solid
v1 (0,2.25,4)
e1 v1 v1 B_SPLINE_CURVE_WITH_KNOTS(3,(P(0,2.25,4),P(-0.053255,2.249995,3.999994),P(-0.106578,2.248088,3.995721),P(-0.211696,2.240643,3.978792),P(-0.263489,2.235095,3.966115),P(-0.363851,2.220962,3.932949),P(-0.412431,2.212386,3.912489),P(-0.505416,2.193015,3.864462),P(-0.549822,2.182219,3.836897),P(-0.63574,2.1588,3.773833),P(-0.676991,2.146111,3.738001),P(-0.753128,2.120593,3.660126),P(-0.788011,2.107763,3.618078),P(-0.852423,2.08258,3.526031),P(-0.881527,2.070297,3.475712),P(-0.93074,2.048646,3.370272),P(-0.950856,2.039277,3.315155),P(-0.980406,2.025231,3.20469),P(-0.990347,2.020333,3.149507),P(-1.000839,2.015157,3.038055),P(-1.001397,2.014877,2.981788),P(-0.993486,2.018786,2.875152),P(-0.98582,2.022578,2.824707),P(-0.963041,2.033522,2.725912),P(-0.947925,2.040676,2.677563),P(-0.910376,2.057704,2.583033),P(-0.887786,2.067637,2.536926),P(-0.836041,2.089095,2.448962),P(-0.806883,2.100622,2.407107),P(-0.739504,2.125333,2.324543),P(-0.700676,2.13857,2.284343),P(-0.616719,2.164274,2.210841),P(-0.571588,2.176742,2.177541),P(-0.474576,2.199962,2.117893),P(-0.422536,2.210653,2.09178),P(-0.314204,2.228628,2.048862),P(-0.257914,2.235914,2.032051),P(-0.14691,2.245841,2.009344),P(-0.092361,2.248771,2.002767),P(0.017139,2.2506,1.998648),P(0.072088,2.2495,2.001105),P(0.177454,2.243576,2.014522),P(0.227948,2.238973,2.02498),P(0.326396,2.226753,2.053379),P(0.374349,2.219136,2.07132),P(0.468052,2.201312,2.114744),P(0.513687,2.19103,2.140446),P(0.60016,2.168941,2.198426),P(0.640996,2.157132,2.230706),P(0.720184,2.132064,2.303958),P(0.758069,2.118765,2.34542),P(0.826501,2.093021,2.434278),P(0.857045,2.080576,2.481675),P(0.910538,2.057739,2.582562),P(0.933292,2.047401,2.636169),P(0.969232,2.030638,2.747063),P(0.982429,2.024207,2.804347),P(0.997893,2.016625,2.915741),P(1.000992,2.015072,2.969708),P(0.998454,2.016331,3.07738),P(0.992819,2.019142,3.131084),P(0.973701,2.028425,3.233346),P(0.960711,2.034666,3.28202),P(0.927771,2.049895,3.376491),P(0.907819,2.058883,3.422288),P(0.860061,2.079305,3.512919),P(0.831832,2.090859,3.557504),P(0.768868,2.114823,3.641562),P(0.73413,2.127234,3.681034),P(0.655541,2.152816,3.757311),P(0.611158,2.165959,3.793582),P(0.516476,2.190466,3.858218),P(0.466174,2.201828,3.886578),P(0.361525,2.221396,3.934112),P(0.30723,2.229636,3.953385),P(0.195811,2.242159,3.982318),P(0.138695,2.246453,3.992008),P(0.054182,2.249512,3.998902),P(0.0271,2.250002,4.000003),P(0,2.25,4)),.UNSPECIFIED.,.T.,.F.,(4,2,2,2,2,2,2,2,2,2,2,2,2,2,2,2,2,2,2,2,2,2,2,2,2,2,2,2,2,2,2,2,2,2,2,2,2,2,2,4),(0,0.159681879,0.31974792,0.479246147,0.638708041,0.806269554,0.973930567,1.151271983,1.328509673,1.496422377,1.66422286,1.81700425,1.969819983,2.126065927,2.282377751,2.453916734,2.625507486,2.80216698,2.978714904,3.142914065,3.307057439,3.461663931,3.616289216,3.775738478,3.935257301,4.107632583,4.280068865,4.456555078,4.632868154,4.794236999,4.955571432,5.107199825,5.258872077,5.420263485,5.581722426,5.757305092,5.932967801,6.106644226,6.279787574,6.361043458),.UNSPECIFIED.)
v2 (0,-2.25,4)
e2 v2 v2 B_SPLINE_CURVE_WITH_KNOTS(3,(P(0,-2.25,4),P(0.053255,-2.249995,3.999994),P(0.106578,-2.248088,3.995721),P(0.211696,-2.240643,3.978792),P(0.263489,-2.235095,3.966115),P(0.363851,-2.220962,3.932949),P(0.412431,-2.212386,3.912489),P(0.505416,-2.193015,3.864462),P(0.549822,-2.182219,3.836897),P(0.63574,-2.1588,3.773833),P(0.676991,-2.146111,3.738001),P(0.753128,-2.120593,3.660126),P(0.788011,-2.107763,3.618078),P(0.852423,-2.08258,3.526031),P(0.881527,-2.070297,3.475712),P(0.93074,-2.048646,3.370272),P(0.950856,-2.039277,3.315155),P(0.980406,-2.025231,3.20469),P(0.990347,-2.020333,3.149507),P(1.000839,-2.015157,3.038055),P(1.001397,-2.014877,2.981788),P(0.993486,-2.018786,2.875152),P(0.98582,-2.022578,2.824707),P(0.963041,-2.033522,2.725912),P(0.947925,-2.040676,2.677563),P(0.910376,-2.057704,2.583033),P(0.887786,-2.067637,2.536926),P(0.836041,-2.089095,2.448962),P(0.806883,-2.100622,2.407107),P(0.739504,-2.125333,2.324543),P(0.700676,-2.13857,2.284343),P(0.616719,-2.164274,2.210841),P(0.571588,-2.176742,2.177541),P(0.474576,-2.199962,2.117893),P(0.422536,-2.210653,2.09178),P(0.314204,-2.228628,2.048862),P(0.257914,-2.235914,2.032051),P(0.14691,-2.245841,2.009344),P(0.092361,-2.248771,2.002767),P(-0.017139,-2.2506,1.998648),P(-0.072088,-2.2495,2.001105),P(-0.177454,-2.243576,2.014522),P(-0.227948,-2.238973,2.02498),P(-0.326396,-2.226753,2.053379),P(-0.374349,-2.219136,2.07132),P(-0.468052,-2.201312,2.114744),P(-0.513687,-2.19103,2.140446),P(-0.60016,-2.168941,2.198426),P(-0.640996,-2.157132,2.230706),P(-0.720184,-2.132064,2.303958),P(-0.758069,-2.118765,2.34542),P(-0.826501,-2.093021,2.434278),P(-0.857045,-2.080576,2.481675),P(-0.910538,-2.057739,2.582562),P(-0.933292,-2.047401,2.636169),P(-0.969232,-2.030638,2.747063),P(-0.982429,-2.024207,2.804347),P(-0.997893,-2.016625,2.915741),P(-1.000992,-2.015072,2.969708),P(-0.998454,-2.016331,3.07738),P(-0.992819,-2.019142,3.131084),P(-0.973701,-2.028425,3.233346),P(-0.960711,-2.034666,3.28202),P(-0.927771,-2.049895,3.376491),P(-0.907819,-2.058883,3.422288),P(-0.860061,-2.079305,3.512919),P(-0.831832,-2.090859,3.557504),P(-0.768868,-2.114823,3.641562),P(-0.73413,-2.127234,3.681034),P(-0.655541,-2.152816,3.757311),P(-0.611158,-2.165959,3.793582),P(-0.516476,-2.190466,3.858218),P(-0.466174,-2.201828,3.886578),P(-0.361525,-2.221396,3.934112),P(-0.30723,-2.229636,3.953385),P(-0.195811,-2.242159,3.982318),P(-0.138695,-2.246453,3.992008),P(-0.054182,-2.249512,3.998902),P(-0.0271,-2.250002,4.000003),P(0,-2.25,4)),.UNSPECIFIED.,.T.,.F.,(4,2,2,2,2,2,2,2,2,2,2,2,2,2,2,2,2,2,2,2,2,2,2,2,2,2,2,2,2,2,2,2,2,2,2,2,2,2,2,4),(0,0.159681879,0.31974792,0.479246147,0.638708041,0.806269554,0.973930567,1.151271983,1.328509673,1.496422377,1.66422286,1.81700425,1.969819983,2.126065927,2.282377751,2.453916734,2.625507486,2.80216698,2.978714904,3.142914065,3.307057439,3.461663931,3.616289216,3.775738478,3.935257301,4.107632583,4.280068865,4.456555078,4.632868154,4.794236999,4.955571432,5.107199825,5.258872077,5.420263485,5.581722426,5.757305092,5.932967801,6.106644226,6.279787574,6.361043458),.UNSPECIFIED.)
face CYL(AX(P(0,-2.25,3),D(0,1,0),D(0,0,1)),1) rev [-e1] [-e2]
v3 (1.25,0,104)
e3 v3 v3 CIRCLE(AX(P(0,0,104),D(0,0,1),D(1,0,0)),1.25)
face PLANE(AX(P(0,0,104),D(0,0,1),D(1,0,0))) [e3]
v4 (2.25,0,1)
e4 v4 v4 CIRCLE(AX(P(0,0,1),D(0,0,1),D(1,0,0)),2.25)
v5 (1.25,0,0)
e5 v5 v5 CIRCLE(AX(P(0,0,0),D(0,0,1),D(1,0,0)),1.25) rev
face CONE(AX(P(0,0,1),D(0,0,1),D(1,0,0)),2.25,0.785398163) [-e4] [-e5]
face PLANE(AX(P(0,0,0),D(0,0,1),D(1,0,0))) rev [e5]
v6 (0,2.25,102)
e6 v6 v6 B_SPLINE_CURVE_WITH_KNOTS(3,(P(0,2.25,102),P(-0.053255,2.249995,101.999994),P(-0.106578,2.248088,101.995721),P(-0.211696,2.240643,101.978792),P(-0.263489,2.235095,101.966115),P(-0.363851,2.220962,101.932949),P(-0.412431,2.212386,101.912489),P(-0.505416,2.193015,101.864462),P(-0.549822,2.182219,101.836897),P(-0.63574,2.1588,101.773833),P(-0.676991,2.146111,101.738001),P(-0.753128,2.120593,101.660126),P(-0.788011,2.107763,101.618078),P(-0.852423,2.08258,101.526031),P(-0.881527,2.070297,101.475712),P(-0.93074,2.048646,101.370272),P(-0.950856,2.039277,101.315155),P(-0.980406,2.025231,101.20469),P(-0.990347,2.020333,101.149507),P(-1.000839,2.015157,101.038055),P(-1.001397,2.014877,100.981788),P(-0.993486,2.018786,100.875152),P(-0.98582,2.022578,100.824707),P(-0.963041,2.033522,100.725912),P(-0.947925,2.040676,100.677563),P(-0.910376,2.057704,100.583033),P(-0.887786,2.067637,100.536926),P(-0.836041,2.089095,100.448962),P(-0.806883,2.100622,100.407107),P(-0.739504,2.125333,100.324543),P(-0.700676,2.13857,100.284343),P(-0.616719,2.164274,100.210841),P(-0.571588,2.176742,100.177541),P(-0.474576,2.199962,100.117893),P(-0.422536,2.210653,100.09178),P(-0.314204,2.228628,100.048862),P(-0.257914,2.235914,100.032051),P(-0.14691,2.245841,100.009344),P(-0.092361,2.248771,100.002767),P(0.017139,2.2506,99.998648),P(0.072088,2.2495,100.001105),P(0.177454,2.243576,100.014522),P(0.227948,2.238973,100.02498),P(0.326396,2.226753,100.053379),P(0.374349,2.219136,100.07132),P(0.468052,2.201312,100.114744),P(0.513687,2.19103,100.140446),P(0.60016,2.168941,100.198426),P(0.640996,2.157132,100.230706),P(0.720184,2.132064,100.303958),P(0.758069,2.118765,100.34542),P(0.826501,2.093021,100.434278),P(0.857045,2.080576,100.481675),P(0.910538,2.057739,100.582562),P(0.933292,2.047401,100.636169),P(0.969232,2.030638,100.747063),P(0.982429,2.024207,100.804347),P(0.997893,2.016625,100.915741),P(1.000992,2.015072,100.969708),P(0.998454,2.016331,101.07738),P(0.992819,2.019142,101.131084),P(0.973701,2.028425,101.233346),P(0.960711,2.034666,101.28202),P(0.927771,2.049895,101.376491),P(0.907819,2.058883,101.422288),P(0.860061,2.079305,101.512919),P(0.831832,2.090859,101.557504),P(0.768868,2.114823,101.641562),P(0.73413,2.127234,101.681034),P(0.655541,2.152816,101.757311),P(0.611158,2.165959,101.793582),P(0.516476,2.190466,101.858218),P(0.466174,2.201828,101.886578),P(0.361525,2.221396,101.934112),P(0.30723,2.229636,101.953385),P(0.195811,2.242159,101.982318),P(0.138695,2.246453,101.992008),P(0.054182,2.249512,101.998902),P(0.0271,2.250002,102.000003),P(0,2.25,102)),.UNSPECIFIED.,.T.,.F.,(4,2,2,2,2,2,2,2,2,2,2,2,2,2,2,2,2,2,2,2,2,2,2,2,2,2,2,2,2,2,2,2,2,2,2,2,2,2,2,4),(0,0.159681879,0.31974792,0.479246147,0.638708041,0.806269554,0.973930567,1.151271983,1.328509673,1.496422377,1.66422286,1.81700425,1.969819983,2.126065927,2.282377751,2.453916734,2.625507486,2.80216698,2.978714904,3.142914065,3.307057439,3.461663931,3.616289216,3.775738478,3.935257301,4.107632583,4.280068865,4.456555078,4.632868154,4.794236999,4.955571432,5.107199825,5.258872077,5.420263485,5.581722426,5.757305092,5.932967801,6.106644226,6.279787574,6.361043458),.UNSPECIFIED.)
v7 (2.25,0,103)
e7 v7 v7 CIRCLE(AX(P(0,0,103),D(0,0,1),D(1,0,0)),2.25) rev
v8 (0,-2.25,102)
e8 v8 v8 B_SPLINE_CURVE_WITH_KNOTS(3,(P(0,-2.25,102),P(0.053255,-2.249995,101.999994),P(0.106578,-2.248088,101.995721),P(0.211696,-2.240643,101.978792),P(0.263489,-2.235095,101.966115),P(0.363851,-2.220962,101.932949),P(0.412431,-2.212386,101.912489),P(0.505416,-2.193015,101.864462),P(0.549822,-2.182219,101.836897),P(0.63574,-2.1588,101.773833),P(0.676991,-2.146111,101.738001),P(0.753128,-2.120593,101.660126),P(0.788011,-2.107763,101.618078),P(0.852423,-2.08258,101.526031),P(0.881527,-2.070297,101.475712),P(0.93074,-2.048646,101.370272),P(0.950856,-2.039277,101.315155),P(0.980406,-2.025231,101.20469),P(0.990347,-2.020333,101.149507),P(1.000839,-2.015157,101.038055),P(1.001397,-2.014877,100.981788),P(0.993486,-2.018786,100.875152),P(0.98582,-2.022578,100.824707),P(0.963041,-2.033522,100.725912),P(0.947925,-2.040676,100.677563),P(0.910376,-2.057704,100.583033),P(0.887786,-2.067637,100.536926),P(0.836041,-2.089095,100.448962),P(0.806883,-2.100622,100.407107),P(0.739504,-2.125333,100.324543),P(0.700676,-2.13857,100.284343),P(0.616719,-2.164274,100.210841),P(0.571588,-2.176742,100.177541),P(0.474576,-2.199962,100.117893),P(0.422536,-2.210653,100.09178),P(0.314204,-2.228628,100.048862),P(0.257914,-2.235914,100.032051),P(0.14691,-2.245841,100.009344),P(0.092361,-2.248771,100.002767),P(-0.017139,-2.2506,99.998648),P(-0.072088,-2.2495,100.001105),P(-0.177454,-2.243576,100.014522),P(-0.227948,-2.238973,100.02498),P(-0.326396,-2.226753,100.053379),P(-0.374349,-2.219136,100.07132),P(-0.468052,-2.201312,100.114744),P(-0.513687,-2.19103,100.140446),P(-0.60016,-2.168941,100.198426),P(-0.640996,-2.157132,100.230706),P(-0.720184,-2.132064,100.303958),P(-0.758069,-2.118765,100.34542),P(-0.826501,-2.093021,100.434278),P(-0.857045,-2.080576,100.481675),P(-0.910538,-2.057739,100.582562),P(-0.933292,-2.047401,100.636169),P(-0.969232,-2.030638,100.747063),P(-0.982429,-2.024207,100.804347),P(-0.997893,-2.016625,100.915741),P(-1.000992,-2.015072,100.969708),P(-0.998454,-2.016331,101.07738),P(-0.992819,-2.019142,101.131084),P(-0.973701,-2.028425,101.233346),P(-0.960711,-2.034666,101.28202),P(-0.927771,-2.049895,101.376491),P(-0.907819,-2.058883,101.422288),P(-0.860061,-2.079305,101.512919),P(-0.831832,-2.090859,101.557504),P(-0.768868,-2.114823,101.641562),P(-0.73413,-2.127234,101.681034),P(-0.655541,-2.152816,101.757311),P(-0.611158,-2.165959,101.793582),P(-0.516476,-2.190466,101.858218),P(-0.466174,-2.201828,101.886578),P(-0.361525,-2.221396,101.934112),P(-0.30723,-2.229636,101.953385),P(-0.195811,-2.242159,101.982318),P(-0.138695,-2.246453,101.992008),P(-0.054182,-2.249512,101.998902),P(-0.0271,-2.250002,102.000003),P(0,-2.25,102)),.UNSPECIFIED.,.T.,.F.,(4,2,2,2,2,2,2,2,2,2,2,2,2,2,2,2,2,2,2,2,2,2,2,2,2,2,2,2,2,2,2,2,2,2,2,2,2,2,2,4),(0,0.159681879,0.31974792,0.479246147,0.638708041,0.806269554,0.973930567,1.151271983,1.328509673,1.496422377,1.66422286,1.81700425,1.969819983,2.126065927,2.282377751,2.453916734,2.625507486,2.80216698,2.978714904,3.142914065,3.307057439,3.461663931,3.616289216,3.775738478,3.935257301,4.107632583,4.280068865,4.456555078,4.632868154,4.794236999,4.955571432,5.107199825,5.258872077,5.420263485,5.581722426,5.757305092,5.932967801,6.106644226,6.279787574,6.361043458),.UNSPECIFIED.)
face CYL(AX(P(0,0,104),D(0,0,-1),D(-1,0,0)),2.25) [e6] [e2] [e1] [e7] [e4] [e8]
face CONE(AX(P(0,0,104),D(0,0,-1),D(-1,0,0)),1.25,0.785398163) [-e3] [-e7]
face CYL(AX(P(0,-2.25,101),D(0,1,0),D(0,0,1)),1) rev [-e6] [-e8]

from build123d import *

# Parameters (mm, degrees)
SKETCH_1_R               = 2.25
EXTRUDE_1_DEPTH          = 104
CHAMFER_1_SIZE           = 1
CUT_EXTRUDE_1_DEPTH      = 105.048666498
CUT_EXTRUDE_1_DEPTH_BACK = 105.048666498
SKETCH_2_R               = 1


with BuildPart() as part:
    # 草圖1 → 填料-伸長1 (new body)
    with BuildSketch(Plane.XY):
        with Locations(Location((0, 0, 0), (0, 0, 180))):
            Circle(SKETCH_1_R)
    extrude(amount=EXTRUDE_1_DEPTH)

    # 導角1
    chamfer_1_edges = [part.edges().sort_by_distance(p)[0] for p in [
        (2.25, 0, 0),
        (2.25, 0, 104),
    ]]
    chamfer(chamfer_1_edges, length=CHAMFER_1_SIZE)

    # 草圖2 → 除料-伸長1 (cut, two sides: drawn at the far end of the back side and taken through both)
    with BuildSketch(Plane(origin=(0, 0, 0), x_dir=(1, 0, 0), z_dir=(0, 1, 0)).offset(-CUT_EXTRUDE_1_DEPTH_BACK)):
        with Locations(Location((0, -3, 0), (0, 0, 270))):
            Circle(SKETCH_2_R)
        with Locations(Location((0, -101, 0), (0, 0, 270))):
            Circle(SKETCH_2_R)
    extrude(amount=CUT_EXTRUDE_1_DEPTH + CUT_EXTRUDE_1_DEPTH_BACK, mode=Mode.SUBTRACT)


solid = part.part
